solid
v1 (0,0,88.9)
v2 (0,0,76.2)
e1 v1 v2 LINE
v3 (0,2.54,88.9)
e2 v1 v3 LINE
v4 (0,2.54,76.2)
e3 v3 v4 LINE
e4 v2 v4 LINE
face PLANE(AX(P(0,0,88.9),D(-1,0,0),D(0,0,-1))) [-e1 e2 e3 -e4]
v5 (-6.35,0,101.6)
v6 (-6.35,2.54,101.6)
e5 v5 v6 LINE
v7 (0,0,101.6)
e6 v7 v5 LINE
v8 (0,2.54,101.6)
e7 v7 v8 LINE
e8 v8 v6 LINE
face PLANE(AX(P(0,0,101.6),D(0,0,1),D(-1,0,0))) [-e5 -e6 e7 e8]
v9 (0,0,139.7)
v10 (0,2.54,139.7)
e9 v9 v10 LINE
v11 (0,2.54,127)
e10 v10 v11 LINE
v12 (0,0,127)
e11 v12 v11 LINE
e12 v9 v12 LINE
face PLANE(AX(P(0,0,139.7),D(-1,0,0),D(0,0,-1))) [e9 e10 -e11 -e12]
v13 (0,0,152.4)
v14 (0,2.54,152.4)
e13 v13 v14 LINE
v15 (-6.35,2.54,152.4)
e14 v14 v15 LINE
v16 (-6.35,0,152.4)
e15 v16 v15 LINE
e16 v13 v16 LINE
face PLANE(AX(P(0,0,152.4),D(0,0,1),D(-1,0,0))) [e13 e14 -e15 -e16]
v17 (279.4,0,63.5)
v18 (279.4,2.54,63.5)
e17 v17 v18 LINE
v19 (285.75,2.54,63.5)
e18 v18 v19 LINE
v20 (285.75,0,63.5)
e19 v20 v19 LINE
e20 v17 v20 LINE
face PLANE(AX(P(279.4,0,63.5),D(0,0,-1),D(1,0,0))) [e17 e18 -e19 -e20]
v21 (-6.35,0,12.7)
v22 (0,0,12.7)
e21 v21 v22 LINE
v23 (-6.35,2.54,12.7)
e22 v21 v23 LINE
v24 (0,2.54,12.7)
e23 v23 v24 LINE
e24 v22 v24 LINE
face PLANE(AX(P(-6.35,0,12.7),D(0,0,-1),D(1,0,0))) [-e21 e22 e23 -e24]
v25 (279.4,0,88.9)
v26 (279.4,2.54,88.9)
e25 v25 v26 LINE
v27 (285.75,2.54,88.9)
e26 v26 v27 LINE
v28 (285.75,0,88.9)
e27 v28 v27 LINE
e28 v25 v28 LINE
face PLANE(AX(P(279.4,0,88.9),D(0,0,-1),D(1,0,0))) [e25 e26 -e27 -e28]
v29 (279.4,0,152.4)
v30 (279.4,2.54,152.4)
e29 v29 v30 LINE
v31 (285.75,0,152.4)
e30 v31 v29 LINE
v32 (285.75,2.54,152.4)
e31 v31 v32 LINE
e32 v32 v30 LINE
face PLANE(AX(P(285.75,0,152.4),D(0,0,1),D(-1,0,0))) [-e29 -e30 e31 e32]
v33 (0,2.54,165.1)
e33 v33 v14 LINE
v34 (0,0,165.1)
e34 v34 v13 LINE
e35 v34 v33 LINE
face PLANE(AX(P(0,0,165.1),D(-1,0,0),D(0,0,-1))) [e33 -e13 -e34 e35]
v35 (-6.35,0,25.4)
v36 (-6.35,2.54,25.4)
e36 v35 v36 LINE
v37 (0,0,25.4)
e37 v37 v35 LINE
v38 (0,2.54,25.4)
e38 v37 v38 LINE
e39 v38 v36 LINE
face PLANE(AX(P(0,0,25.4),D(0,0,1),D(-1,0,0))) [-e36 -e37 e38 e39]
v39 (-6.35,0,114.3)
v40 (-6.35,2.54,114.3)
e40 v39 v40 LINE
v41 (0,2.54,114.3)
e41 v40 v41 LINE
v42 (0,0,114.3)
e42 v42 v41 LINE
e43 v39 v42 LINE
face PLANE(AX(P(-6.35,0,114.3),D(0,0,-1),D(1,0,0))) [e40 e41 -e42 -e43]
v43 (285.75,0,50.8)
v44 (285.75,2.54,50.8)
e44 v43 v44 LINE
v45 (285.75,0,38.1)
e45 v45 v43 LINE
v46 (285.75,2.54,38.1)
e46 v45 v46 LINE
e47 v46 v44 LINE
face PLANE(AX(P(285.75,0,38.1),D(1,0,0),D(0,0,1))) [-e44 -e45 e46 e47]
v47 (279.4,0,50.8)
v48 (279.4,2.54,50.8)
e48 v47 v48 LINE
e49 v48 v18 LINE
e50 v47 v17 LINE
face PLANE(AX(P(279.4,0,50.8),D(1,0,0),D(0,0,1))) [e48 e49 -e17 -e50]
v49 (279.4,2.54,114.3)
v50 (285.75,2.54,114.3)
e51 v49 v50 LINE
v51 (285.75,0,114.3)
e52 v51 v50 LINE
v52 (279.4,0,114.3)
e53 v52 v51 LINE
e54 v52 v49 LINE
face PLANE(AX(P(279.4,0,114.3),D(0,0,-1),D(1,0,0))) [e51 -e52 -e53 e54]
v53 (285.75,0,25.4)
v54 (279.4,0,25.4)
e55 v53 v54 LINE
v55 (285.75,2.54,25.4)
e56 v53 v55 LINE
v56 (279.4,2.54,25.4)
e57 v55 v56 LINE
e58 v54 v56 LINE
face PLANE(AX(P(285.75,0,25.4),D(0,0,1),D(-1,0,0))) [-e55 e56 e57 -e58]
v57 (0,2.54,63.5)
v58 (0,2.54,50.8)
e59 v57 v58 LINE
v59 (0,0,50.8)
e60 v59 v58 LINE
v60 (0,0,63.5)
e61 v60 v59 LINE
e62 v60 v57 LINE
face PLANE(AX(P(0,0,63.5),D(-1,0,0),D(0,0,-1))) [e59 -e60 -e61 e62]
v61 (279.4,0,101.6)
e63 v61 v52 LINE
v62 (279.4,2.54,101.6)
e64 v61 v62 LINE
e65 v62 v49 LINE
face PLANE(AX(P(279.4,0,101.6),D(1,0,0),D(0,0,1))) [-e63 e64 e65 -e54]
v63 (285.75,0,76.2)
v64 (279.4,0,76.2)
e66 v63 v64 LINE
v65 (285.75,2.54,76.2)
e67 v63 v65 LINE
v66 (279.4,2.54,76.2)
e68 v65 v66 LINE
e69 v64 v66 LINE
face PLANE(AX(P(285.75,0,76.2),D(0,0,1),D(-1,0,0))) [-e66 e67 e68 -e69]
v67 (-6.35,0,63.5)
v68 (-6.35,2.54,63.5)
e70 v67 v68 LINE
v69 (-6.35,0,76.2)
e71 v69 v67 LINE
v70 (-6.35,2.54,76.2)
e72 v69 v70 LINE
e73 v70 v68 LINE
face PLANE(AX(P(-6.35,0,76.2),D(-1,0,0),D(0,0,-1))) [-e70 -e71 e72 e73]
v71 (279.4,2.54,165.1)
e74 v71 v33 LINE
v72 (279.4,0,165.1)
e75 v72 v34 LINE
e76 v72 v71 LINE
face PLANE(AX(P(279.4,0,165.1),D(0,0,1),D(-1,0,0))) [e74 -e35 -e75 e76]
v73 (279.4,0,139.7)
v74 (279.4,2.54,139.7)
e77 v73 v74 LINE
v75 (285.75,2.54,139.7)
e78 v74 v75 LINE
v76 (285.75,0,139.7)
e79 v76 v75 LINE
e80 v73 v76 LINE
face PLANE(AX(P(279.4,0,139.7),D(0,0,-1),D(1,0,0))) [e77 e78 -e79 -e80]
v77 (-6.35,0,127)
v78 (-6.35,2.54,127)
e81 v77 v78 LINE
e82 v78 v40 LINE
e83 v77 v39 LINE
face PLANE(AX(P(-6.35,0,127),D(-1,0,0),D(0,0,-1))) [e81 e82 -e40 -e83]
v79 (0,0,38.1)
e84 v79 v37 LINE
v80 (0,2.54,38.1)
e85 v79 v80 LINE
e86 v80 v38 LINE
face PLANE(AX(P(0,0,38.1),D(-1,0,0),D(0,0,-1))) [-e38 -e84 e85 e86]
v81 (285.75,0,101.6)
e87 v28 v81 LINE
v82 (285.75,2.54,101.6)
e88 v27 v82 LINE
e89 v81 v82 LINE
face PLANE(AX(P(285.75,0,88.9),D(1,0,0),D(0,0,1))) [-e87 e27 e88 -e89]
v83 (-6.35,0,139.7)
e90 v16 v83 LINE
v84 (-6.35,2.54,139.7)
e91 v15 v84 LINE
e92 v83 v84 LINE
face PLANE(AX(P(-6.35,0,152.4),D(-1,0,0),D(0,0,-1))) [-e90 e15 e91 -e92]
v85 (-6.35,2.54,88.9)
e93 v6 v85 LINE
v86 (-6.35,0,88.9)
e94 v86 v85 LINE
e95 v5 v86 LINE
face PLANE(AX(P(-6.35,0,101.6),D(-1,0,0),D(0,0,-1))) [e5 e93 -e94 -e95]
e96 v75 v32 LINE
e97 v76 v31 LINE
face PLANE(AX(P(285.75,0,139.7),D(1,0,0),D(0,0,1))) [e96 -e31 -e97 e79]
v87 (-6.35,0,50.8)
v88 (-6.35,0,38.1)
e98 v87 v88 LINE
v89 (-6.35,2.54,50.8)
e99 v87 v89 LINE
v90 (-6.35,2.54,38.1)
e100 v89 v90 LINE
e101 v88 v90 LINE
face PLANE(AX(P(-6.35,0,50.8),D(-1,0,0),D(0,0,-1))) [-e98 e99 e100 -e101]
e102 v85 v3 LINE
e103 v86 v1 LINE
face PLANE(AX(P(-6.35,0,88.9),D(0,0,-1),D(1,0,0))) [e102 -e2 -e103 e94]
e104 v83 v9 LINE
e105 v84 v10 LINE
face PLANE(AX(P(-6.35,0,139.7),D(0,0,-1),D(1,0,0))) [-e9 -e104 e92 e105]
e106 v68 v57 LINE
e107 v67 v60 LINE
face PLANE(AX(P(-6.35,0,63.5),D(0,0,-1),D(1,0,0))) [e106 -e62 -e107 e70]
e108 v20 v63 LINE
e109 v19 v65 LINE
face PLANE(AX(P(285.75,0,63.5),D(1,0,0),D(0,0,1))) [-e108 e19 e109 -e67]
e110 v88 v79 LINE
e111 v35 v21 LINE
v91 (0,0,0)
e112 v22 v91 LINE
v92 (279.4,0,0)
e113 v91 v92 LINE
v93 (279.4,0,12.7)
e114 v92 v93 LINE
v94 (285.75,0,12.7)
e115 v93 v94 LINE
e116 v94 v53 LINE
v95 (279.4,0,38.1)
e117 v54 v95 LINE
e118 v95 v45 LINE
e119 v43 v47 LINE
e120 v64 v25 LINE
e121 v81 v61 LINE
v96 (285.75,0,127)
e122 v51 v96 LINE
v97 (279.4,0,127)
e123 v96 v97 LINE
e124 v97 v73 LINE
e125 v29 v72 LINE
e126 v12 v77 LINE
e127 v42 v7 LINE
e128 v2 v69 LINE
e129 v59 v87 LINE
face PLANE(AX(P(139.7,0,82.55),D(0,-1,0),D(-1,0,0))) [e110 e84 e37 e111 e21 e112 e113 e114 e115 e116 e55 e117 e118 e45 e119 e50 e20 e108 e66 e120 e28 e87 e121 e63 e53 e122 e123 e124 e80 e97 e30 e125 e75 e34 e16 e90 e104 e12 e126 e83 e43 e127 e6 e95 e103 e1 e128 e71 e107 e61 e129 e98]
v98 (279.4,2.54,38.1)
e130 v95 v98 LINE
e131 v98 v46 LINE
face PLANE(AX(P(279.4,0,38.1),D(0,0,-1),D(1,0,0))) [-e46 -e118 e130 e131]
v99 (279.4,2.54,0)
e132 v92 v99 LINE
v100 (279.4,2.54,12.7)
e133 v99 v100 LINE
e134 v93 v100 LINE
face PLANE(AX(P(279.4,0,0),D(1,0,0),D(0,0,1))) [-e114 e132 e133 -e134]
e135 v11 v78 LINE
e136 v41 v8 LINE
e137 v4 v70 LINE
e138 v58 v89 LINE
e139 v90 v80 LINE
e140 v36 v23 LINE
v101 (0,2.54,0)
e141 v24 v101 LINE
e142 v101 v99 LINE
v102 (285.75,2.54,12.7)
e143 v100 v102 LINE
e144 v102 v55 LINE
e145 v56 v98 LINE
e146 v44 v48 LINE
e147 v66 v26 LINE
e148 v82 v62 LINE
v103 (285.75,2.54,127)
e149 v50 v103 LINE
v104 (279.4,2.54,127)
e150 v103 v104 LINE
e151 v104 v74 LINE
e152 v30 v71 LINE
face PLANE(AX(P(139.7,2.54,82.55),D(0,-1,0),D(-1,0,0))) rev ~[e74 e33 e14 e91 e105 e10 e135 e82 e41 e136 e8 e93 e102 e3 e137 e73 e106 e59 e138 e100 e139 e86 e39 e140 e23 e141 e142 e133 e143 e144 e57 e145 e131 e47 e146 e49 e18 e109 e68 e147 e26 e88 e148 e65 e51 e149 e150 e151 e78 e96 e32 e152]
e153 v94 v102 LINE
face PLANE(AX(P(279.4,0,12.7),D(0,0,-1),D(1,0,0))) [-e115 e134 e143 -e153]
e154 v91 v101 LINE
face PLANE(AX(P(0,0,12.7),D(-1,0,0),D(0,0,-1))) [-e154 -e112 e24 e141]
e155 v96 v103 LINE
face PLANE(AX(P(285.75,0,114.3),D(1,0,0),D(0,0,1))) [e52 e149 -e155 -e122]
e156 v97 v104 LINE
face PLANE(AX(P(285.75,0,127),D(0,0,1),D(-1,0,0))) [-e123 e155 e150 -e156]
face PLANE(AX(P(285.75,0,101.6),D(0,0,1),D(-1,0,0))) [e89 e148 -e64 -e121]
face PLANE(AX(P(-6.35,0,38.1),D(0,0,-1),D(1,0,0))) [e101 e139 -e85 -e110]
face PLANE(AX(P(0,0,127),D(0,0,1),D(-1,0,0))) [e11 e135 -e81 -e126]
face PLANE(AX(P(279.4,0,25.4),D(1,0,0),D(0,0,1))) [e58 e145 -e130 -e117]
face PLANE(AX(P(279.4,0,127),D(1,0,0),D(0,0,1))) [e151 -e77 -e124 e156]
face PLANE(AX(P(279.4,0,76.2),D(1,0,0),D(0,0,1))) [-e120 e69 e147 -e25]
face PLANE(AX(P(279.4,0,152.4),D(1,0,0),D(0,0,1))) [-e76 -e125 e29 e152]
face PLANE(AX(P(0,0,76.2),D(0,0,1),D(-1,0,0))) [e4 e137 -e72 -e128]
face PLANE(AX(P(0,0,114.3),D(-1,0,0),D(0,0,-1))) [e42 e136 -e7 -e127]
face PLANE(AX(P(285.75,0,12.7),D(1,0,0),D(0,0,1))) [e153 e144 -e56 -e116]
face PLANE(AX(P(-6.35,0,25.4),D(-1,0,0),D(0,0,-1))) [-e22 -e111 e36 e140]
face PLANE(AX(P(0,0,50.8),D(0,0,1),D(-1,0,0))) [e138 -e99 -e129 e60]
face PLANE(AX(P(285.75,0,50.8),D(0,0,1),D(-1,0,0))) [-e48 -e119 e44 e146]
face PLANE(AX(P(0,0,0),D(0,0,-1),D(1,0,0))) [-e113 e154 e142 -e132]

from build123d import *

# Parameters (mm, degrees)
BOSS_EXTRUDE1_DEPTH = 2.54


with BuildPart() as part:
    # Sketch1 → Boss-Extrude1 (new body)
    with BuildSketch(Plane(origin=(0, 0, 0), x_dir=(1, 0, 0), z_dir=(0, 1, 0))):
        Polygon((0, 0), (279.4, 0), (279.4, -12.7), (285.75, -12.7), (285.75, -25.4), (279.4, -25.4), (279.4, -38.1), (285.75, -38.1), (285.75, -50.8), (279.4, -50.8), (279.4, -63.5), (285.75, -63.5), (285.75, -76.2), (279.4, -76.2), (279.4, -88.9), (285.75, -88.9), (285.75, -101.6), (279.4, -101.6), (279.4, -114.3), (285.75, -114.3), (285.75, -127), (279.4, -127), (279.4, -139.7), (285.75, -139.7), (285.75, -152.4), (279.4, -152.4), (279.4, -165.1), (0, -165.1), (0, -152.4), (-6.35, -152.4), (-6.35, -139.7), (0, -139.7), (0, -127), (-6.35, -127), (-6.35, -114.3), (0, -114.3), (0, -101.6), (-6.35, -101.6), (-6.35, -88.9), (0, -88.9), (0, -76.2), (-6.35, -76.2), (-6.35, -63.5), (0, -63.5), (0, -50.8), (-6.35, -50.8), (-6.35, -38.1), (0, -38.1), (0, -25.4), (-6.35, -25.4), (-6.35, -12.7), (0, -12.7), align=None)
    extrude(amount=BOSS_EXTRUDE1_DEPTH)


solid = part.part
